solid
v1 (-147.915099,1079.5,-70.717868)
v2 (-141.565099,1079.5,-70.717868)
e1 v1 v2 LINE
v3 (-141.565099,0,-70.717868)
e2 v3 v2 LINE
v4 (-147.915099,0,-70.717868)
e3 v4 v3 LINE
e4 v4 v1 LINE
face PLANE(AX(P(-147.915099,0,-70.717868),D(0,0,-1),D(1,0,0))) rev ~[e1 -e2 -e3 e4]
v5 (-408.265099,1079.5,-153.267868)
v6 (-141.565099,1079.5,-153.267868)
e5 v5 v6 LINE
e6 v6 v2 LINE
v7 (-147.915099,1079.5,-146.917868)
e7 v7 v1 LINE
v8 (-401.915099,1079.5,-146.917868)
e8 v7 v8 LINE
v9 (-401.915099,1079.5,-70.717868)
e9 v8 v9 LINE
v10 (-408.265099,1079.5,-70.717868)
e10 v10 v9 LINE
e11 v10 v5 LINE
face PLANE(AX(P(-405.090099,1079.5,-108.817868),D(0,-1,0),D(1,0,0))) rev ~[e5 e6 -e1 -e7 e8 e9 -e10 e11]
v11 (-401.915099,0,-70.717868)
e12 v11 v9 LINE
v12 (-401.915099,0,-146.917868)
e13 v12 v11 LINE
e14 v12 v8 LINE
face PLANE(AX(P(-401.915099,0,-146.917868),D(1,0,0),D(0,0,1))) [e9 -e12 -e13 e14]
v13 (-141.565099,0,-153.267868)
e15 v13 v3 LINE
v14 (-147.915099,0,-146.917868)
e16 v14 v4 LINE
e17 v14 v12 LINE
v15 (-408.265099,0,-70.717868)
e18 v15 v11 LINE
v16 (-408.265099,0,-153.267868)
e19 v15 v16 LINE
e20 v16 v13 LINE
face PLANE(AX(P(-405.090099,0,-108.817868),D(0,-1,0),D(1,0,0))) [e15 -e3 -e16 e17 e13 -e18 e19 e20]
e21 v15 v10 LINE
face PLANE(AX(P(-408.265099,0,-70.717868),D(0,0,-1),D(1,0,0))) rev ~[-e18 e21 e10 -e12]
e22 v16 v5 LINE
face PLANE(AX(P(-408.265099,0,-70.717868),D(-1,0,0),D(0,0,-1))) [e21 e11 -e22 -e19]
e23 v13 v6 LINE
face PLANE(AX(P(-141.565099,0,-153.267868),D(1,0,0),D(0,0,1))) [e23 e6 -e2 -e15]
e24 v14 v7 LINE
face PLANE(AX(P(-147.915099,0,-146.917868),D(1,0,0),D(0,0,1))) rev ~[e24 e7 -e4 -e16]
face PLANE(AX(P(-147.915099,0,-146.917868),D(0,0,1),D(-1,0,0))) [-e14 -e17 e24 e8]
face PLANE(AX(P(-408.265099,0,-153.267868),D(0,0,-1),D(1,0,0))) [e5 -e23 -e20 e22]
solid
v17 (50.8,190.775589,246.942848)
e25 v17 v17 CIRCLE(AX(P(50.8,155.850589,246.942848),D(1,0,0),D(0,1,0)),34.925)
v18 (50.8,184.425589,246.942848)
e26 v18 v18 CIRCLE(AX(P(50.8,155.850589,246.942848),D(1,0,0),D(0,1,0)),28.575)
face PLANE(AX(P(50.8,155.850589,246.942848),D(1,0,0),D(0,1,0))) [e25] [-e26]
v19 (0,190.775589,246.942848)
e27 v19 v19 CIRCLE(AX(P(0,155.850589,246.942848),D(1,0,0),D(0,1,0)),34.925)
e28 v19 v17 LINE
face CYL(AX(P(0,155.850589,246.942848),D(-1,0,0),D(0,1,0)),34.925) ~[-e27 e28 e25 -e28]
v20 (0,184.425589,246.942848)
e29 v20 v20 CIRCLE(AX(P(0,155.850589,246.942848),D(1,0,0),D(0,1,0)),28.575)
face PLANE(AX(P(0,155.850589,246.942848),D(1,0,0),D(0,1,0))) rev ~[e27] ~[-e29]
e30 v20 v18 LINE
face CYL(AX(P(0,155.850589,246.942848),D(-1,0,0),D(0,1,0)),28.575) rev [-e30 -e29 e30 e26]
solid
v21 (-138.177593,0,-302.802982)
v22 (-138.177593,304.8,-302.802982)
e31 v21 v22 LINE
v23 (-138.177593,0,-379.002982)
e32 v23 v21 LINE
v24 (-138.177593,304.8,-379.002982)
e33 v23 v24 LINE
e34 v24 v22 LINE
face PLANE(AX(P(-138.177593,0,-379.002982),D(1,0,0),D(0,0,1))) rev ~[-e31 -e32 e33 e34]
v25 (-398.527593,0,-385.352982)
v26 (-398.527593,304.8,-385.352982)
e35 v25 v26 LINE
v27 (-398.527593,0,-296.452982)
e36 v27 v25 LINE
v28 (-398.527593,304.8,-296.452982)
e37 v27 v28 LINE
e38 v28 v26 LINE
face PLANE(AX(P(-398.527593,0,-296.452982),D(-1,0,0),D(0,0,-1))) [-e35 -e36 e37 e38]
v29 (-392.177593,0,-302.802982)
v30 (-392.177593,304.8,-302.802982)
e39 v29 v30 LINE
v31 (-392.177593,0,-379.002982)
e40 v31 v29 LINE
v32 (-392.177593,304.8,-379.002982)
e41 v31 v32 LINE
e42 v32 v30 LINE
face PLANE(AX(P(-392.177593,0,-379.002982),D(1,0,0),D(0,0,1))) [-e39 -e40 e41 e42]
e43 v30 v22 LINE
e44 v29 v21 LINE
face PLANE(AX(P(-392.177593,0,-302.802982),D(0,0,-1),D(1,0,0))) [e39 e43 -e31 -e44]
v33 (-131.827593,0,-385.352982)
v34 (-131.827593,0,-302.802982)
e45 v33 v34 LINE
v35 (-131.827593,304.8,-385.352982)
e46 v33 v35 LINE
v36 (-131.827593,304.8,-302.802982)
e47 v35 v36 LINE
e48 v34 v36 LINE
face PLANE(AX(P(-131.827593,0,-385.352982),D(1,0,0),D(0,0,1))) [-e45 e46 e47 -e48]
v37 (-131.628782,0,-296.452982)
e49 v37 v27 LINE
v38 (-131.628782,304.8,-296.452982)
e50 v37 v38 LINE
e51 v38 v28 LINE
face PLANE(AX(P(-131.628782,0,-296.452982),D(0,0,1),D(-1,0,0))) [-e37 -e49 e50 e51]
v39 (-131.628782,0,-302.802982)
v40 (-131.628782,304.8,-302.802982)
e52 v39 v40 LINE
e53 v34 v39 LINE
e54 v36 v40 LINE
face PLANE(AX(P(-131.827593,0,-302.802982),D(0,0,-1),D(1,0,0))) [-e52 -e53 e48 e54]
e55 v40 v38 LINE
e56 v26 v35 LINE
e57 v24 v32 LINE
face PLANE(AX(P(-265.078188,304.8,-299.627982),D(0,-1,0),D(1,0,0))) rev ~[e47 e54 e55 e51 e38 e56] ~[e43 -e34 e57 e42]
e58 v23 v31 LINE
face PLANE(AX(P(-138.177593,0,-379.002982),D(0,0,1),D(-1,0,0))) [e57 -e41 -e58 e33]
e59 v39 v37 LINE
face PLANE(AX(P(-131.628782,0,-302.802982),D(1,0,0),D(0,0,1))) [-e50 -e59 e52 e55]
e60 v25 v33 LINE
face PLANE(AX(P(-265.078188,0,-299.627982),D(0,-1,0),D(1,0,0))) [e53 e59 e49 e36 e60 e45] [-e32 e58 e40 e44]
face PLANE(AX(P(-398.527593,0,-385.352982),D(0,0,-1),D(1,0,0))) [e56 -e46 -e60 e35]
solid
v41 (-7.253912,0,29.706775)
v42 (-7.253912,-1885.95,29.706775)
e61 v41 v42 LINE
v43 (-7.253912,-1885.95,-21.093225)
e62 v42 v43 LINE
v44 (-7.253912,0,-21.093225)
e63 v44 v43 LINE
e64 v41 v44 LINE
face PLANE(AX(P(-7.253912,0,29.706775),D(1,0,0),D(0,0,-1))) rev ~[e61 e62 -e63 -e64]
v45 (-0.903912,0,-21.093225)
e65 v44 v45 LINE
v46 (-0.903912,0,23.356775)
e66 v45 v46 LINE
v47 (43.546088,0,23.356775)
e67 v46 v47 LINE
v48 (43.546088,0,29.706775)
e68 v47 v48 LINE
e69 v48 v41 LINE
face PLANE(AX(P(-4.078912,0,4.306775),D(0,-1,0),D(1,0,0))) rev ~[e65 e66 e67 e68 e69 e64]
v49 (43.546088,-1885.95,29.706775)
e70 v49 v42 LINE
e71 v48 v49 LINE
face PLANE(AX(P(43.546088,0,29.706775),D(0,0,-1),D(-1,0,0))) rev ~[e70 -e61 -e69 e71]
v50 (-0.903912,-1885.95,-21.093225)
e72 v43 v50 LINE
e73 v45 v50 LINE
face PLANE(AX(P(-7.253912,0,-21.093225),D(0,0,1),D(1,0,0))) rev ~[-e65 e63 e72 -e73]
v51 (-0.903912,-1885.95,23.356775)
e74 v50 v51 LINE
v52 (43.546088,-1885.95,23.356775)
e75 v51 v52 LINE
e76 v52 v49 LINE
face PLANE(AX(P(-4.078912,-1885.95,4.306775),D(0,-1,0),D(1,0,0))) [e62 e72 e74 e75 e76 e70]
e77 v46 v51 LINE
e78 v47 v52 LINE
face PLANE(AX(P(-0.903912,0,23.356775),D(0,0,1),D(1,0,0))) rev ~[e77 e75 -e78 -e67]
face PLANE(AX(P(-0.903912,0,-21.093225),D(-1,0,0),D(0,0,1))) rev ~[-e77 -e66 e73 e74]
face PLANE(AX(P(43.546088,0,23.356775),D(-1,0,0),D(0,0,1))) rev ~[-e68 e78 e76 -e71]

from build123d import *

# Parameters (mm, degrees)
F0_W     = 44.45
F0_H     = 6.35
F1_DEPTH = 1885.95
F2_R     = 34.925
F2_R_2   = 28.575
F3_DEPTH = 50.8
F4_W     = 6.35
F4_H     = 76.2
F5_DEPTH = 1079.5
F6_W     = 6.35
F6_H     = 76.2
F7_DEPTH = 304.8


with BuildPart() as f1:
    # F0 (on Front) → F1 (new body)
    with BuildSketch(Plane.XZ):
        Polygon((-7.253912, 29.706775), (-7.253912, -21.093225), (-0.903912, -21.093225), (-0.903912, 23.356775), (-0.903912, 29.706775), align=None)
        with Locations((21.321088, 26.531775)):
            Rectangle(F0_W, F0_H)
    extrude(amount=F1_DEPTH)


with BuildPart() as f3:
    # F2 (on Right) → F3 (new body)
    with BuildSketch(Plane.YZ):
        with Locations((155.850589, 246.942848)):
            Circle(F2_R)
        with Locations((155.850589, 246.942848)):
            Circle(F2_R_2, mode=Mode.SUBTRACT)
    extrude(amount=F3_DEPTH)


with BuildPart() as f5:
    # F4 (on Front) → F5 (new body)
    with BuildSketch(Plane.XZ):
        with Locations((-405.090099, -108.817868)):
            Rectangle(F4_W, F4_H)
        with Locations((-144.740099, -108.817868)):
            Rectangle(F4_W, F4_H)
        Polygon((-408.265099, -146.917868), (-408.265099, -153.267868), (-141.565099, -153.267868), (-141.565099, -146.917868), (-147.915099, -146.917868), (-401.915099, -146.917868), align=None)
    extrude(amount=-F5_DEPTH)


with BuildPart() as f7:
    # F6 (on Front) → F7 (new body)
    with BuildSketch(Plane.XZ):
        Polygon((-398.527593, -296.452982), (-398.527593, -302.802982), (-392.177593, -302.802982), (-138.177593, -302.802982), (-131.827593, -302.802982), (-131.628782, -302.802982), (-131.628782, -296.452982), align=None)
        with Locations((-395.352593, -340.902982)):
            Rectangle(F6_W, F6_H)
        Polygon((-398.527593, -379.002982), (-398.527593, -385.352982), (-131.827593, -385.352982), (-131.827593, -379.002982), (-138.177593, -379.002982), (-392.177593, -379.002982), align=None)
        with Locations((-135.002593, -340.902982)):
            Rectangle(F6_W, F6_H)
    extrude(amount=-F7_DEPTH)


solid = Compound([f1.part, f3.part, f5.part, f7.part])
